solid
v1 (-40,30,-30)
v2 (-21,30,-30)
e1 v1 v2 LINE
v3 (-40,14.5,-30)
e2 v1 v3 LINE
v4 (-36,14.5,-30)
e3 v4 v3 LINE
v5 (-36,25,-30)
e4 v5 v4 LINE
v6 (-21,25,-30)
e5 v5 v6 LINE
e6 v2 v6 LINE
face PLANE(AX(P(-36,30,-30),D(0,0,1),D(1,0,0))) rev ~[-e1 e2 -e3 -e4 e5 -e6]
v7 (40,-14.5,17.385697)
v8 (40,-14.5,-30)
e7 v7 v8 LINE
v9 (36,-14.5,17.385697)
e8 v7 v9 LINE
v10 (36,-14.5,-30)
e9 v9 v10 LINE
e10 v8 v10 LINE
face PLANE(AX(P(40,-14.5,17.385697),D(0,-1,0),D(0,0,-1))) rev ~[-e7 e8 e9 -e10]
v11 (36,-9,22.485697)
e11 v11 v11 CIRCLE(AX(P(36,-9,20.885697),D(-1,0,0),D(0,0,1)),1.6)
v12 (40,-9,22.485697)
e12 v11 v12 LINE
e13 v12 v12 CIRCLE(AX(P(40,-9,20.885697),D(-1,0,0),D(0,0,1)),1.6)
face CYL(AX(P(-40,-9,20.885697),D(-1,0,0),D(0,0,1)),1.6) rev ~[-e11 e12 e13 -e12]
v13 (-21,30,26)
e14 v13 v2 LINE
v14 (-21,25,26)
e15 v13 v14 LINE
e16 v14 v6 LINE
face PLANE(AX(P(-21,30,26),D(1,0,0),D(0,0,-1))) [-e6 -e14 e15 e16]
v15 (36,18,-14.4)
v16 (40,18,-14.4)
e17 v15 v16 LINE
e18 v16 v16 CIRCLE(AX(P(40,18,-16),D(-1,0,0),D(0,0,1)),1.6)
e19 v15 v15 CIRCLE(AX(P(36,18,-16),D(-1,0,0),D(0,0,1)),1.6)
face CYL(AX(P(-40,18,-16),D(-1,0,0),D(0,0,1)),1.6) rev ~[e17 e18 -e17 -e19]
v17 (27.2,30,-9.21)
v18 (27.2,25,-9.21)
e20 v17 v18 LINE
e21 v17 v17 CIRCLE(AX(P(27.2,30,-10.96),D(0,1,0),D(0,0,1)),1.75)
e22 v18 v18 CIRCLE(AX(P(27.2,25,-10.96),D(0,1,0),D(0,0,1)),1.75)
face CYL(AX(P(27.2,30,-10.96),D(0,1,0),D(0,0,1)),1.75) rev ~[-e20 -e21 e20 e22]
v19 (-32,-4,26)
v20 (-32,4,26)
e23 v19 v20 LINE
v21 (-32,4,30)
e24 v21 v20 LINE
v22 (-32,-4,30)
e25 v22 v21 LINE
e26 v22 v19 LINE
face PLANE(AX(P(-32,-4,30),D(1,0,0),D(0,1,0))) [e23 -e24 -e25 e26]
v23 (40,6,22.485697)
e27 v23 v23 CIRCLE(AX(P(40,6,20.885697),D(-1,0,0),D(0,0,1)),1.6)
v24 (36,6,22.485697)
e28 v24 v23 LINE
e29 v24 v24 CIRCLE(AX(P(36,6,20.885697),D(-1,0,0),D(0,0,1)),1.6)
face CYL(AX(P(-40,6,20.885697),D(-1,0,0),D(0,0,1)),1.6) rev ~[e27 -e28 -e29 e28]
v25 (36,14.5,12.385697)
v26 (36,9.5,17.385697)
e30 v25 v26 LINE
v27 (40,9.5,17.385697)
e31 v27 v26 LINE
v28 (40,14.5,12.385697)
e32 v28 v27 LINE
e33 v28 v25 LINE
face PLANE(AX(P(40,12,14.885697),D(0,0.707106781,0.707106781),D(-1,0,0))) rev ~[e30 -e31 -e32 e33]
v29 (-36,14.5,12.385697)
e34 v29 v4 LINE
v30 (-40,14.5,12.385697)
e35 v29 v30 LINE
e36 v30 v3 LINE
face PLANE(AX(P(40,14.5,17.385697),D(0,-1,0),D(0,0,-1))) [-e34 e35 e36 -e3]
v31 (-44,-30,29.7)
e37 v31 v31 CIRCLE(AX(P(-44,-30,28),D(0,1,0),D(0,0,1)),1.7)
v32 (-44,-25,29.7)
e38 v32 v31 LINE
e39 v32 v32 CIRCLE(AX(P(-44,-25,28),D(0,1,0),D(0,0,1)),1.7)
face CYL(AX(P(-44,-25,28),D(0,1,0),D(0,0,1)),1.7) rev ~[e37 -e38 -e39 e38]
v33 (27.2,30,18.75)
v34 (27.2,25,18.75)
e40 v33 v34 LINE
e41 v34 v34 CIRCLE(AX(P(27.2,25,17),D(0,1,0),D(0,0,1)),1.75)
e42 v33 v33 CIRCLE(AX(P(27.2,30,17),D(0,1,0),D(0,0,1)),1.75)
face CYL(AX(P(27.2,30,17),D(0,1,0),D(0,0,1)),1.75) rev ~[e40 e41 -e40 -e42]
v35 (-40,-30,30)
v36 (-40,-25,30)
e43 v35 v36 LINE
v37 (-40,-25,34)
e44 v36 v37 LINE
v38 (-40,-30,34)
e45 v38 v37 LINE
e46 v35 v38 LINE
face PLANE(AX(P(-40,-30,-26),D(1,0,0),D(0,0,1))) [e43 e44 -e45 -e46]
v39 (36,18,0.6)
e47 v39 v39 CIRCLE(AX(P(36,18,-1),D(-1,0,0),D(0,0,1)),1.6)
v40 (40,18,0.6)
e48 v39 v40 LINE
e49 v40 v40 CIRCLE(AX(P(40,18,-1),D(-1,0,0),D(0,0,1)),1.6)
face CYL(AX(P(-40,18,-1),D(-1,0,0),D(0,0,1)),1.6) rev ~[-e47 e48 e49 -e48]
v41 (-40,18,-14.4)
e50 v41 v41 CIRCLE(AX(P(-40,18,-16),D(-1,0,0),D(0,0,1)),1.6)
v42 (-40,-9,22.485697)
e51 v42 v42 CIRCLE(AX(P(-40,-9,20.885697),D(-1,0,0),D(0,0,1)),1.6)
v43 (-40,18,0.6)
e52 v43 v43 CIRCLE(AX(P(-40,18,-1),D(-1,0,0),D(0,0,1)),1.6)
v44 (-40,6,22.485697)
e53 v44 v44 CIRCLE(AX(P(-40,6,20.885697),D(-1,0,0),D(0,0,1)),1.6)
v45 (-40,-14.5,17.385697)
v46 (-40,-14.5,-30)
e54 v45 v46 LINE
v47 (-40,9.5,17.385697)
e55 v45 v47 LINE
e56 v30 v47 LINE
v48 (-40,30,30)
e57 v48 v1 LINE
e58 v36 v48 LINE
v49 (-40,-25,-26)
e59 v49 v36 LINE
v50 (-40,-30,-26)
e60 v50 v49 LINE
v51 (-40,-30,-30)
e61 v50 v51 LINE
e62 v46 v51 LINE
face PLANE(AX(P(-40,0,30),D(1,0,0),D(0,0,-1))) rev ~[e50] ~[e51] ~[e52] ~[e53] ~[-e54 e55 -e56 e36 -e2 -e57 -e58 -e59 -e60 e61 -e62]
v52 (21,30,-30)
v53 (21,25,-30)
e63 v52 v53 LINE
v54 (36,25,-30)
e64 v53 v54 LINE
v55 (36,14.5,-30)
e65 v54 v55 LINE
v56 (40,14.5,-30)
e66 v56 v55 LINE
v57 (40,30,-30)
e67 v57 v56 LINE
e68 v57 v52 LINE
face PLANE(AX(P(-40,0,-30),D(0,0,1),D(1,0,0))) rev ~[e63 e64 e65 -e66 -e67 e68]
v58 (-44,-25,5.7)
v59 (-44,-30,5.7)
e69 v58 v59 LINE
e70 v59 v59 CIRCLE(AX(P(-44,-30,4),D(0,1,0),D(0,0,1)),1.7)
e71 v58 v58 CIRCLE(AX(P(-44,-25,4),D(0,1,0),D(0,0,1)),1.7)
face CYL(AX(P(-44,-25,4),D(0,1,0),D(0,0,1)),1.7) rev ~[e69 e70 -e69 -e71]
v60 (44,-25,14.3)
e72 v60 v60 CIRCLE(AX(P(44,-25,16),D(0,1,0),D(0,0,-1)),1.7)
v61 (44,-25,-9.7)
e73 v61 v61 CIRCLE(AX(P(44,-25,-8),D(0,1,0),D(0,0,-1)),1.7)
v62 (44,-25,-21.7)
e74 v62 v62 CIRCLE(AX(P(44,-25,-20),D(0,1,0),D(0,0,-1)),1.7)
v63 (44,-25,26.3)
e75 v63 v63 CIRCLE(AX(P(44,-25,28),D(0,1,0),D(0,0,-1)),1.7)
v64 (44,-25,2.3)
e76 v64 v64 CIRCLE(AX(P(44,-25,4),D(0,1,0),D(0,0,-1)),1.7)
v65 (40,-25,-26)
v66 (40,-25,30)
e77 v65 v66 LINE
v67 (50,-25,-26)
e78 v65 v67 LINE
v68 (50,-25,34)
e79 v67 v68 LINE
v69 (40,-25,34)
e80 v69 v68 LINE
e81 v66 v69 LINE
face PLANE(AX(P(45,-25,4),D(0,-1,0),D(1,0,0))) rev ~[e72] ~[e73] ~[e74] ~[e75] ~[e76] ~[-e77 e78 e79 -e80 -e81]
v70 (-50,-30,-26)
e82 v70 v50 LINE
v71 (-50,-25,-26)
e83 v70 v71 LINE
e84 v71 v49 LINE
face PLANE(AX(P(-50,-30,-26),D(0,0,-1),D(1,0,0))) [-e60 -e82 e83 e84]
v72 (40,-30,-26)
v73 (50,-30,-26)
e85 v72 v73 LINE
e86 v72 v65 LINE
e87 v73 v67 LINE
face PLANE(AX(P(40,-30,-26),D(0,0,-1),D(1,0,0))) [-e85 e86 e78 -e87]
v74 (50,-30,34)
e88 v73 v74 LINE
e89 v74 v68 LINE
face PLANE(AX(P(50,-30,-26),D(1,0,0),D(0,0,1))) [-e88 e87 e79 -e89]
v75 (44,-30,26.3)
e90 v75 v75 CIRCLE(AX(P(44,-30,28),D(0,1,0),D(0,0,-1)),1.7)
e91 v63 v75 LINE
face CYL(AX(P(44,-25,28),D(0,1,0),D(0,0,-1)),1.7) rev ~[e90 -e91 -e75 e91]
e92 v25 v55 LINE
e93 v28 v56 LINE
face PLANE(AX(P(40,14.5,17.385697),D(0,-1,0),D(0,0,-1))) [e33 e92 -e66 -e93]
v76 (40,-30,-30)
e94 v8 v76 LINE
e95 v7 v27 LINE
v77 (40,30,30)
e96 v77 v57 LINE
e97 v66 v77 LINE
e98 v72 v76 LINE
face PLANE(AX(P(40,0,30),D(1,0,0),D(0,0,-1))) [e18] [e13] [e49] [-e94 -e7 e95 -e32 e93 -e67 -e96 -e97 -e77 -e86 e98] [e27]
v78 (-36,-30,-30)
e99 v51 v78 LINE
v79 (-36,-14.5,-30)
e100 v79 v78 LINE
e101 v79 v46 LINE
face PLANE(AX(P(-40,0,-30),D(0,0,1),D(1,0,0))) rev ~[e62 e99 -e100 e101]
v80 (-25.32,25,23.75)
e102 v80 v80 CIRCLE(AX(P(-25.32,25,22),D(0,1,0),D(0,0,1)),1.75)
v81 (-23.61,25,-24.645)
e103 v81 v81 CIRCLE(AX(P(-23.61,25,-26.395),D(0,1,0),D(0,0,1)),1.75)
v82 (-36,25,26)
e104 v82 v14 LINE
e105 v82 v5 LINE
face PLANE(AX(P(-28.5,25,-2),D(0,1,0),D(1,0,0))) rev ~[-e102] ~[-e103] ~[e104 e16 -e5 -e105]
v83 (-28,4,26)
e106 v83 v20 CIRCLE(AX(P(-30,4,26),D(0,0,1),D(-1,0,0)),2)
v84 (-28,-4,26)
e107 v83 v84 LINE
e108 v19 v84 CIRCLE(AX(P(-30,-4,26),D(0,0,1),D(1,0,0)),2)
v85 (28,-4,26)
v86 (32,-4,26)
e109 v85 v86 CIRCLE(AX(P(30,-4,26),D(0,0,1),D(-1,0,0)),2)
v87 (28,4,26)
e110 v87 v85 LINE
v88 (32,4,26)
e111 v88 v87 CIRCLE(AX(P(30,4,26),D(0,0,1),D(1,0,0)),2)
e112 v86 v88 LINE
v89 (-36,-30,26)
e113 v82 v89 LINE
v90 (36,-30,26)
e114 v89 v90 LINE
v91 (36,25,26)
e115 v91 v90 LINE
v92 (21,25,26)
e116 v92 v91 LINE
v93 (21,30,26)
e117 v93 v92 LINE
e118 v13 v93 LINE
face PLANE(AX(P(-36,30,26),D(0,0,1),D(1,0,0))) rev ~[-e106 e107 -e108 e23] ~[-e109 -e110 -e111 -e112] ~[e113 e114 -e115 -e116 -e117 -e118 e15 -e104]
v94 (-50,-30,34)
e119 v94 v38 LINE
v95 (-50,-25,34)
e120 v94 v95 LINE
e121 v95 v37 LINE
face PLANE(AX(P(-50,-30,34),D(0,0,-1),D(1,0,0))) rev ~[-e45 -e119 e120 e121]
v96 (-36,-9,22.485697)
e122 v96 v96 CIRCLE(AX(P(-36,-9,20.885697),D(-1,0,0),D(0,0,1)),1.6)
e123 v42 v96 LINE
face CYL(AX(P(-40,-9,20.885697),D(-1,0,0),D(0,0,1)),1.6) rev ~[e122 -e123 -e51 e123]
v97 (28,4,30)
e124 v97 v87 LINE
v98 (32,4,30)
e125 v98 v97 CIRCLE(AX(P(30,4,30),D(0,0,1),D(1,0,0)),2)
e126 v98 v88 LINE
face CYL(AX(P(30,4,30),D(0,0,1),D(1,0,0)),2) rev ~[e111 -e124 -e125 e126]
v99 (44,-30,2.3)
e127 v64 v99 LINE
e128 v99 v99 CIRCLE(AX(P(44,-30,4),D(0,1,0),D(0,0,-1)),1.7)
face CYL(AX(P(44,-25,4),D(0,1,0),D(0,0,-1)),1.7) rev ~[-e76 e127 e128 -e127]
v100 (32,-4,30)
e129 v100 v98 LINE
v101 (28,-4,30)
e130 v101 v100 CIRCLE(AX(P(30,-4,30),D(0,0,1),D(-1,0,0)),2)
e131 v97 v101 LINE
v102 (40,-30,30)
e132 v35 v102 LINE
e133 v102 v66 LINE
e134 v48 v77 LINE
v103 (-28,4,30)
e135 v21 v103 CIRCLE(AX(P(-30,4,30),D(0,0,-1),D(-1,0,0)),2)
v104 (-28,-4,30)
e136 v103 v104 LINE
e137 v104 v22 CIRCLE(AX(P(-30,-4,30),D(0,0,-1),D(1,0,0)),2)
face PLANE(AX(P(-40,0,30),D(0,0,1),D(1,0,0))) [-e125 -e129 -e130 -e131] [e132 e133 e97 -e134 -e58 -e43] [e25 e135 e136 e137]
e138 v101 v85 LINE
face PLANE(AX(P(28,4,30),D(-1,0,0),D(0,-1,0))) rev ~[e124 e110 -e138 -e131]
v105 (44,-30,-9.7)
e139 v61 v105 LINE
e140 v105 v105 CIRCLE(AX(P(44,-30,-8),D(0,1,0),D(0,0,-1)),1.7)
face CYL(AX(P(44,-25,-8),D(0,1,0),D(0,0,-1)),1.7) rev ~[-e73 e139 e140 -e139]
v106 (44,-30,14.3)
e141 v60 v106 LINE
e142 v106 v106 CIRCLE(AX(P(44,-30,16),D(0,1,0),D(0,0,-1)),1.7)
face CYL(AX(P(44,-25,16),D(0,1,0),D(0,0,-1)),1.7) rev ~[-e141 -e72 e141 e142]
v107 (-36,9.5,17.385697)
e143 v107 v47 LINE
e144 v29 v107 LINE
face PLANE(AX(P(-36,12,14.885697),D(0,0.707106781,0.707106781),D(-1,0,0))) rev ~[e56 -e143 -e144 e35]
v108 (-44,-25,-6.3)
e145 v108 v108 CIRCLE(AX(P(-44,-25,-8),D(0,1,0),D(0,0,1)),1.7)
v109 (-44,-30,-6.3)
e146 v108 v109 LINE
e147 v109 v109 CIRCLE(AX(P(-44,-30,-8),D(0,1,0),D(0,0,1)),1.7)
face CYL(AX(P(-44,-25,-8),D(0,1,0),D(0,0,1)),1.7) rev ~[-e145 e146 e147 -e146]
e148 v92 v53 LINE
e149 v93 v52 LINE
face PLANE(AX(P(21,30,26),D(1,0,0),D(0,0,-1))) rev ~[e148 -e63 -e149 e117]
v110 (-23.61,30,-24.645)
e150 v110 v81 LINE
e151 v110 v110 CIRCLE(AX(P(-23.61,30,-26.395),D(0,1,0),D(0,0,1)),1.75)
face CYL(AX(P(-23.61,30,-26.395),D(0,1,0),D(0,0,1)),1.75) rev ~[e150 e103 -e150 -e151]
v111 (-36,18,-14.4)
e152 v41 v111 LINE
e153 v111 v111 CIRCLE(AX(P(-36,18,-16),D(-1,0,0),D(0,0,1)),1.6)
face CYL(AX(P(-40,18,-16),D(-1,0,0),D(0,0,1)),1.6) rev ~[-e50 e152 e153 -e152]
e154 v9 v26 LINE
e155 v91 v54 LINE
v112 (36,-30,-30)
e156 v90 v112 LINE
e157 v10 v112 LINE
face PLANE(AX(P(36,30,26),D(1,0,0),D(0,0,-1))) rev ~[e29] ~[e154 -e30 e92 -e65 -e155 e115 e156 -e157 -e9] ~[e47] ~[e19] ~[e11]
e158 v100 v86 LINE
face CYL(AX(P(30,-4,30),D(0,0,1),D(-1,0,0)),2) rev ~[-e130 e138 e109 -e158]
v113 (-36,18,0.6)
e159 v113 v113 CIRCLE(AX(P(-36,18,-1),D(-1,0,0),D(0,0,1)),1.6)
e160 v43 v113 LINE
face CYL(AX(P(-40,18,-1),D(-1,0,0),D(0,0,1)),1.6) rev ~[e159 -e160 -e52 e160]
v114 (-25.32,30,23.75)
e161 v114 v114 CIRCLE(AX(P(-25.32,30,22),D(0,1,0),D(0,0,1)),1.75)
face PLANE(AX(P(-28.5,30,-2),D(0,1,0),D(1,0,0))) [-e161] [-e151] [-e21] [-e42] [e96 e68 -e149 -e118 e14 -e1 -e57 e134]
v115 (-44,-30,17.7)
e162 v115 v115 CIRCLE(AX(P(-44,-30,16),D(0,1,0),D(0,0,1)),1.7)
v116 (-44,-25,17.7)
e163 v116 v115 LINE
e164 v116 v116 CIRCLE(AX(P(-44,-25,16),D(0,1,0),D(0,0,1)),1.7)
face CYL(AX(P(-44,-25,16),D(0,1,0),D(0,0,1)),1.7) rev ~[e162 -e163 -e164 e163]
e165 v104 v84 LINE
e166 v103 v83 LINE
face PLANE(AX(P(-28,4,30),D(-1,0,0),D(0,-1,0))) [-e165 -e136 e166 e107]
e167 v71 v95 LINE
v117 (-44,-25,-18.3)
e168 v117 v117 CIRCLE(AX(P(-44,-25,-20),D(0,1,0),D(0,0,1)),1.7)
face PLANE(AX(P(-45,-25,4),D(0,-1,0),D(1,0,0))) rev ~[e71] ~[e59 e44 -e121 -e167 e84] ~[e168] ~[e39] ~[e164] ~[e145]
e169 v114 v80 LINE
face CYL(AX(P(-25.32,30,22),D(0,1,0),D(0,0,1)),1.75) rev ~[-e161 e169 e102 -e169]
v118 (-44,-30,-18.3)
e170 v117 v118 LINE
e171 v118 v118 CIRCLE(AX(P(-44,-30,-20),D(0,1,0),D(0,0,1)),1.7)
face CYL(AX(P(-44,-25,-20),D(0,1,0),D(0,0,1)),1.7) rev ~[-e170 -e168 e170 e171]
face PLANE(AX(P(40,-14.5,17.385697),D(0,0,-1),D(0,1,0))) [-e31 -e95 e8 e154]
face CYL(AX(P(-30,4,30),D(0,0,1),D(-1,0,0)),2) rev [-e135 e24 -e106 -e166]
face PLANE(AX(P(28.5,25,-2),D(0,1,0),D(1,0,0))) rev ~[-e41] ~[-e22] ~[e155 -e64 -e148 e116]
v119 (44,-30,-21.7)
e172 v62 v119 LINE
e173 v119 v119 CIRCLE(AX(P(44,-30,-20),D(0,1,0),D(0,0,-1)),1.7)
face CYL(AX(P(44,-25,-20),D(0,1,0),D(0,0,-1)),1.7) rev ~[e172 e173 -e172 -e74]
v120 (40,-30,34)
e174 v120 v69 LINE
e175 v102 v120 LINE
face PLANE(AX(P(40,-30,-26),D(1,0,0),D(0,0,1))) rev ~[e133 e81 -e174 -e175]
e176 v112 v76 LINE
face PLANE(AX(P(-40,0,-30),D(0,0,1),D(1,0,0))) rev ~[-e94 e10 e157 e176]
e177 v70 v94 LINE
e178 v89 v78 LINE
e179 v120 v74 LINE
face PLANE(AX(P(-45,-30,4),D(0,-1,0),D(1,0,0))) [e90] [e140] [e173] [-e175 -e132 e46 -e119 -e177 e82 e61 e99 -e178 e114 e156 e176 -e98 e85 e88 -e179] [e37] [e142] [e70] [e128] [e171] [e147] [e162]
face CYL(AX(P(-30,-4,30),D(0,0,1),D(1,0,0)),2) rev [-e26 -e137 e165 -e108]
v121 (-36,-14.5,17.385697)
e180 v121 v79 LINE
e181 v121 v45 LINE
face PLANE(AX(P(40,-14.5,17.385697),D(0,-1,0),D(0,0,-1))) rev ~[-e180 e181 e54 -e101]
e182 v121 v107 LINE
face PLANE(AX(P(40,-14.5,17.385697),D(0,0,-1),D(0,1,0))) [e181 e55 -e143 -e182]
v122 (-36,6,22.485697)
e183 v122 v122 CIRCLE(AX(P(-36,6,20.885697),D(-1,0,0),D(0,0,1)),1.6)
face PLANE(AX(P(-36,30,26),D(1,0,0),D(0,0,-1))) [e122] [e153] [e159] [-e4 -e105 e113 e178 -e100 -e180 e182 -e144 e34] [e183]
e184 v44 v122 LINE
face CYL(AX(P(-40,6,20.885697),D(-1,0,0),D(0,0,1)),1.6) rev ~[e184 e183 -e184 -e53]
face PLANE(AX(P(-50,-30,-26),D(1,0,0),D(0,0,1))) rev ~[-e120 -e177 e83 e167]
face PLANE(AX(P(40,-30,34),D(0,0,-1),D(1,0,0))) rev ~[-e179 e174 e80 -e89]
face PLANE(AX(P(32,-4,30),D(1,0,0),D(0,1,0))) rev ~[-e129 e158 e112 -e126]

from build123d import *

# Parameters (mm, degrees)
SKETCH_1_W           = 80
SKETCH_1_H           = 60
EXTRUDE_1_DEPTH      = 30
SKETCH_2_W           = 72
SKETCH_2_H           = 56
CUT_EXTRUDE_1_DEPTH  = 70
SKETCH_3_W           = 47.385697094
SKETCH_3_H           = 29
CUT_EXTRUDE_2_DEPTH  = 80
SKETCH_4_W           = 10
SKETCH_4_H           = 60
EXTRUDE_2_DEPTH      = 5
SKETCH_5_R           = 1.7
CUT_EXTRUDE_3_DEPTH  = 25
SKETCH_6_W           = 15
SKETCH_6_H           = 56
EXTRUDE_3_DEPTH      = 5
SKETCH_8_R           = 1.75
CUT_EXTRUDE_5_DEPTH  = 10
CHAMFER_1_SIZE       = 5
CUT_EXTRUDE_8_DEPTH  = 10
SKETCH_11_R          = 1.6
CUT_EXTRUDE_9_DEPTH  = 100
SKETCH_12_R          = 1.6
CUT_EXTRUDE_10_DEPTH = 120


with BuildPart() as part:
    # 草图1 → 凸台-拉伸1 (new, symmetric)
    with BuildSketch(Plane(origin=(0, 0, 0), x_dir=(1, 0, 0), z_dir=(0, 1, 0))):
        Rectangle(SKETCH_1_W, SKETCH_1_H)
    extrude(amount=EXTRUDE_1_DEPTH, both=True)

    # 草图2 → 切除-拉伸1 (cut)
    with BuildSketch(Plane(origin=(0, 30, 0), x_dir=(1, 0, 0), z_dir=(0, 1, 0))):
        with Locations((0, 2)):
            Rectangle(SKETCH_2_W, SKETCH_2_H)
    extrude(amount=-CUT_EXTRUDE_1_DEPTH, mode=Mode.SUBTRACT)

    # 草图3 → 切除-拉伸2 (cut)
    with BuildSketch(Plane(origin=(40, 0, 0), x_dir=(0, 0, -1), z_dir=(1, 0, 0))):
        with Locations((6.307151453, 0)):
            Rectangle(SKETCH_3_W, SKETCH_3_H)
    extrude(amount=-CUT_EXTRUDE_2_DEPTH, mode=Mode.SUBTRACT)

    # 草图4 → 凸台-拉伸2 (add)
    with BuildSketch(Plane.XZ.offset(30)):
        with Locations((-45, 4)):
            Rectangle(SKETCH_4_W, SKETCH_4_H)
        with Locations((45, 4)):
            Rectangle(SKETCH_4_W, SKETCH_4_H)
    extrude(amount=-EXTRUDE_2_DEPTH)

    # 草图5 → 切除-拉伸3 (cut)
    with BuildSketch(Plane(origin=(0, -25, 0), x_dir=(1, 0, 0), z_dir=(0, 1, 0))):
        with Locations(Location((-44, 20, 0), (0, 0, 270))):
            Circle(SKETCH_5_R)
        with Locations(Location((-44, 8, 0), (0, 0, 270))):
            Circle(SKETCH_5_R)
        with Locations(Location((-44, -4, 0), (0, 0, 270))):
            Circle(SKETCH_5_R)
        with Locations(Location((-44, -16, 0), (0, 0, 270))):
            Circle(SKETCH_5_R)
        with Locations(Location((-44, -28, 0), (0, 0, 270))):
            Circle(SKETCH_5_R)
        with Locations(Location((44, -28, 0), (0, 0, 90))):
            Circle(SKETCH_5_R)
        with Locations(Location((44, -16, 0), (0, 0, 90))):
            Circle(SKETCH_5_R)
        with Locations(Location((44, -4, 0), (0, 0, 90))):
            Circle(SKETCH_5_R)
        with Locations(Location((44, 8, 0), (0, 0, 90))):
            Circle(SKETCH_5_R)
        with Locations(Location((44, 20, 0), (0, 0, 90))):
            Circle(SKETCH_5_R)
    extrude(amount=-CUT_EXTRUDE_3_DEPTH, mode=Mode.SUBTRACT)

    # 草图6 → 凸台-拉伸3 (add)
    with BuildSketch(Plane(origin=(0, 30, 0), x_dir=(1, 0, 0), z_dir=(0, 1, 0))):
        with Locations((-28.5, 2)):
            Rectangle(SKETCH_6_W, SKETCH_6_H)
        with Locations((28.5, 2)):
            Rectangle(SKETCH_6_W, SKETCH_6_H)
    extrude(amount=-EXTRUDE_3_DEPTH)

    # 草图8 → 切除-拉伸5 (cut)
    with BuildSketch(Plane(origin=(0, 30, 0), x_dir=(1, 0, 0), z_dir=(0, 1, 0))):
        with Locations(Location((-25.32, -22, 0), (0, 0, 270))):
            Circle(SKETCH_8_R)
        with Locations(Location((-23.61, 26.395, 0), (0, 0, 270))):
            Circle(SKETCH_8_R)
        with Locations(Location((27.2, 10.96, 0), (0, 0, 270))):
            Circle(SKETCH_8_R)
        with Locations(Location((27.2, -17, 0), (0, 0, 270))):
            Circle(SKETCH_8_R)
    extrude(amount=-CUT_EXTRUDE_5_DEPTH, mode=Mode.SUBTRACT)

    # 倒角1
    chamfer_1_edges = [part.edges().sort_by_distance(p)[0] for p in [
        (38, 14.5, 17.385697094),
        (-38, 14.5, 17.385697094),
    ]]
    chamfer(chamfer_1_edges, length=CHAMFER_1_SIZE)

    # 草图10 → 切除-拉伸8 (cut)
    with BuildSketch(Plane.XY.offset(30)):
        with BuildLine():
            Line((-28, 4), (-28, -4))
            ThreePointArc((-28, -4), (-30, -6), (-32, -4))
            Line((-32, -4), (-32, 4))
            ThreePointArc((-32, 4), (-30, 6), (-28, 4))
        make_face()
        with BuildLine():
            Line((28, 4), (28, -4))
            ThreePointArc((28, -4), (30, -6), (32, -4))
            Line((32, -4), (32, 4))
            ThreePointArc((32, 4), (30, 6), (28, 4))
        make_face()
    extrude(amount=-CUT_EXTRUDE_8_DEPTH, mode=Mode.SUBTRACT)

    # 草图11 → 切除-拉伸9 (cut)
    with BuildSketch(Plane.ZY.offset(40)):
        with Locations((-16, 18)):
            Circle(SKETCH_11_R)
        with Locations((-1, 18)):
            Circle(SKETCH_11_R)
    extrude(amount=-CUT_EXTRUDE_9_DEPTH, mode=Mode.SUBTRACT)

    # 草图12 → 切除-拉伸10 (cut)
    with BuildSketch(Plane.ZY.offset(40)):
        with Locations((20.885697094, 6)):
            Circle(SKETCH_12_R)
        with Locations((20.885697094, -9)):
            Circle(SKETCH_12_R)
    extrude(amount=-CUT_EXTRUDE_10_DEPTH, mode=Mode.SUBTRACT)


solid = part.part
